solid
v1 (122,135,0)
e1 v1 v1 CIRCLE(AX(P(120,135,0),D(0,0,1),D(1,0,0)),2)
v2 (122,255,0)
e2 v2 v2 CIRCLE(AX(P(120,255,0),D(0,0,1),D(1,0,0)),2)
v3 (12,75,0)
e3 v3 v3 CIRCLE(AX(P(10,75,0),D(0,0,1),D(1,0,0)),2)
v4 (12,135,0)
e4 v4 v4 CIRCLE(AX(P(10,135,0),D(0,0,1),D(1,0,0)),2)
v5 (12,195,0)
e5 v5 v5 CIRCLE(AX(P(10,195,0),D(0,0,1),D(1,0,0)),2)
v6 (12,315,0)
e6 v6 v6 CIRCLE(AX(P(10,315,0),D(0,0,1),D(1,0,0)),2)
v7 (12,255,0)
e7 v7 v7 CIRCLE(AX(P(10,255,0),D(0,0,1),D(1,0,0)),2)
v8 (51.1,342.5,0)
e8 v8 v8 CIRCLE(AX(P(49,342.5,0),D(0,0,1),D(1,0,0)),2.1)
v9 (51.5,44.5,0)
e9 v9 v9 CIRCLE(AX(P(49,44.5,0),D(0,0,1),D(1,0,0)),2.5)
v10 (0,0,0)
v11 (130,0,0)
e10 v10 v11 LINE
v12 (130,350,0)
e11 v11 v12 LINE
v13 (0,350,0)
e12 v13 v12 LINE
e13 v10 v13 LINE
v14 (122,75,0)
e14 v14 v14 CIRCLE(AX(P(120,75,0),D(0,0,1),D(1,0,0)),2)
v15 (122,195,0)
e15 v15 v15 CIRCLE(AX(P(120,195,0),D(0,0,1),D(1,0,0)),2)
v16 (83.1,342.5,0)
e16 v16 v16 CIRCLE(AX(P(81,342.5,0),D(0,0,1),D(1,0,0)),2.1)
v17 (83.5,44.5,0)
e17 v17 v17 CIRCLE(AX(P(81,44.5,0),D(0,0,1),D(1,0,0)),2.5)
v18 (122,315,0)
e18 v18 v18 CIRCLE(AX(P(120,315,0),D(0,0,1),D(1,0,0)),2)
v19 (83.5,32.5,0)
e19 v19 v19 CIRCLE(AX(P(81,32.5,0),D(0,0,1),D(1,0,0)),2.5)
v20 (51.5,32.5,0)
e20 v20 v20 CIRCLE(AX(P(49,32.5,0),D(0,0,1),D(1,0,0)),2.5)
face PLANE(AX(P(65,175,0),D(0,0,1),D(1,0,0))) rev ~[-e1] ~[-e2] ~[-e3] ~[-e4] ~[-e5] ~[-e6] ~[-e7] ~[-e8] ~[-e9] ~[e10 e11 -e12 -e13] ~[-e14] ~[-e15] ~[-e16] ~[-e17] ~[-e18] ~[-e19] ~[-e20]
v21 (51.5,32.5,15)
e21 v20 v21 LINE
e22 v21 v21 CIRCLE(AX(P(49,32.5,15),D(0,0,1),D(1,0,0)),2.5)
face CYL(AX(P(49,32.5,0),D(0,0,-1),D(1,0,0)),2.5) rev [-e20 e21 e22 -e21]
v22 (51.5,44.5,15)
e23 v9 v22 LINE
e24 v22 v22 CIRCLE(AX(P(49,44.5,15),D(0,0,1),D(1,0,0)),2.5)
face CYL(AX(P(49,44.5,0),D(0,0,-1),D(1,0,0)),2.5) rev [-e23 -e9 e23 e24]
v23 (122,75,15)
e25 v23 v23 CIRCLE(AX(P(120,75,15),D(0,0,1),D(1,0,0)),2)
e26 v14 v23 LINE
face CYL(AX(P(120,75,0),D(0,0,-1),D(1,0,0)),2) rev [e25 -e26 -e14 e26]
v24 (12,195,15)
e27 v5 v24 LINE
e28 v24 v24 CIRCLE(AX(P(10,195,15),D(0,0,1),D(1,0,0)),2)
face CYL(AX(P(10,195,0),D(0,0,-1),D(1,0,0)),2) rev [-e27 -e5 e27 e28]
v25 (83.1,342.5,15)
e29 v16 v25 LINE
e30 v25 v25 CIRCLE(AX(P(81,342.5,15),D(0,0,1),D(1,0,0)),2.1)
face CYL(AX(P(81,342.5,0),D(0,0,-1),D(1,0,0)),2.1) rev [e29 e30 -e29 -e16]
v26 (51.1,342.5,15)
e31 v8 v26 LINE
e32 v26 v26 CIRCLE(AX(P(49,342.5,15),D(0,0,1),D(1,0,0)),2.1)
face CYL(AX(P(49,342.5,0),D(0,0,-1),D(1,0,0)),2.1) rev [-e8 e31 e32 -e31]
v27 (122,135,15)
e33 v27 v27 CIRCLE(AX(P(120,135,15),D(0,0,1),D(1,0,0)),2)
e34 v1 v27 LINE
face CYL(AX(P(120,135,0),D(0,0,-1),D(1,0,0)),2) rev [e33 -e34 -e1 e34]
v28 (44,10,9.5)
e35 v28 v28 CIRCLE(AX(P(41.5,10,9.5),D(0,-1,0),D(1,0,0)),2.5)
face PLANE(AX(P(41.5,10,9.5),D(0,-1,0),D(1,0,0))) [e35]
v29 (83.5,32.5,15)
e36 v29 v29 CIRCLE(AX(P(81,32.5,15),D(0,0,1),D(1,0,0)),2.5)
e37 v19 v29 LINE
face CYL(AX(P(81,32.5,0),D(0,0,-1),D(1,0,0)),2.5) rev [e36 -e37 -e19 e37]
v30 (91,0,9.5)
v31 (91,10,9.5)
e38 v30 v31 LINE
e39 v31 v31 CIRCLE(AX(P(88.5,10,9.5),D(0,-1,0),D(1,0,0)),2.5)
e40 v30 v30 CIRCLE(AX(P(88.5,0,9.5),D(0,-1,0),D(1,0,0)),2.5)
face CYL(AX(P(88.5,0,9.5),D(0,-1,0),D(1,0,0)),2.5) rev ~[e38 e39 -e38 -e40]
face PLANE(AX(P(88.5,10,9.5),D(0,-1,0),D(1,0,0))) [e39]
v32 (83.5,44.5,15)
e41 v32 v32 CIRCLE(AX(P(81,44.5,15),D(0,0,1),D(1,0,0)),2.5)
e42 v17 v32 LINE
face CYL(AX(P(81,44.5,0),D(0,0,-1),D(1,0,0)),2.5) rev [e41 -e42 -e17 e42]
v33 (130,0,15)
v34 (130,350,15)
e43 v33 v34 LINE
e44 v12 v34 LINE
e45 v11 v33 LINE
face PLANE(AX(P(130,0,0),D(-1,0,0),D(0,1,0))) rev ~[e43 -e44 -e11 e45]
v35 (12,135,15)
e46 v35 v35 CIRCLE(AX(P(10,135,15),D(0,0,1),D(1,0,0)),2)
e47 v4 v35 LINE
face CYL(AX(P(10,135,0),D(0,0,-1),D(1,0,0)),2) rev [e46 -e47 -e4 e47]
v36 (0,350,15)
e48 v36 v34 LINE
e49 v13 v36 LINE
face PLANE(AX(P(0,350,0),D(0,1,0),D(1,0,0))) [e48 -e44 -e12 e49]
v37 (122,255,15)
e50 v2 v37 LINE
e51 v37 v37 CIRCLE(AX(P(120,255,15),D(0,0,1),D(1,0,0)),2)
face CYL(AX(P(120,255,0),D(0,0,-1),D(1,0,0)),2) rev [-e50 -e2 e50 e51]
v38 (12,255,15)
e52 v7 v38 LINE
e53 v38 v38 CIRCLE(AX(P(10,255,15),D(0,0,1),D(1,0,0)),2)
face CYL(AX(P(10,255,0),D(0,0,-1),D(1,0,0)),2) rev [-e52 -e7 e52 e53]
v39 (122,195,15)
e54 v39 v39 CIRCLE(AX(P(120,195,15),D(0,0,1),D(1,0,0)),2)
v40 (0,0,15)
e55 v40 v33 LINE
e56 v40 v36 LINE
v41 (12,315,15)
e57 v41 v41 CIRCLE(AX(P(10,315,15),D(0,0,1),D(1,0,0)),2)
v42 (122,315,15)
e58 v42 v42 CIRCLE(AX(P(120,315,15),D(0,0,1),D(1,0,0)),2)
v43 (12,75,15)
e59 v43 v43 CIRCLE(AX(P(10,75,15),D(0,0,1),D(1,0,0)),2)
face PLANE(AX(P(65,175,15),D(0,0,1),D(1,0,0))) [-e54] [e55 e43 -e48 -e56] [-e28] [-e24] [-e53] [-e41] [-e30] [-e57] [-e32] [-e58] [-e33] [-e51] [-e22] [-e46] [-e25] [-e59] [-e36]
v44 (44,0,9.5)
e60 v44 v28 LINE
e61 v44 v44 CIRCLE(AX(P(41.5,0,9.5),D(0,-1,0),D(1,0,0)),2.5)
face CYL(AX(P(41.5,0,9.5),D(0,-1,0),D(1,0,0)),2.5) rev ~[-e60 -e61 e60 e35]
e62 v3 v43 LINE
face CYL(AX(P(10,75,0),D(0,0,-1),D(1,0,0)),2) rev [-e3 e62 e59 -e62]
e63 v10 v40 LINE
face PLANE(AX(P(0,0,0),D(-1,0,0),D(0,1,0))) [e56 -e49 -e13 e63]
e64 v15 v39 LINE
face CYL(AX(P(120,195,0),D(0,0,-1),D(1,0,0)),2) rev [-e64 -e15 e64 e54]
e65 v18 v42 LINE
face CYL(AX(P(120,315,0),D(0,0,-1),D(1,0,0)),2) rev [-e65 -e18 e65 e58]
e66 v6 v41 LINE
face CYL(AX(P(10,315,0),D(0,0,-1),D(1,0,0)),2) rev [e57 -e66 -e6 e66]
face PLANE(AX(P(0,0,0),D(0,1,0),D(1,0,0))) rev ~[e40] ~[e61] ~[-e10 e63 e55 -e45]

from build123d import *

# Parameters (mm, degrees)
SKETCH_W     = 130
SKETCH_H     = 350
SKETCH_R     = 2.1
SKETCH_R_2   = 2.5
SKETCH_R_3   = 2
PAD_DEPTH    = 15
SKETCH001_R  = 2.5
POCKET_DEPTH = 10


with BuildPart() as part:
    # Sketch → Pad (new body)
    with BuildSketch(Plane.XY):
        with Locations((65, 175)):
            Rectangle(SKETCH_W, SKETCH_H)
        with Locations((49, 342.5)):
            Circle(SKETCH_R, mode=Mode.SUBTRACT)
        with Locations((81, 342.5)):
            Circle(SKETCH_R, mode=Mode.SUBTRACT)
        with Locations((49, 44.5)):
            Circle(SKETCH_R_2, mode=Mode.SUBTRACT)
        with Locations((81, 44.5)):
            Circle(SKETCH_R_2, mode=Mode.SUBTRACT)
        with Locations((49, 32.5)):
            Circle(SKETCH_R_2, mode=Mode.SUBTRACT)
        with Locations((81, 32.5)):
            Circle(SKETCH_R_2, mode=Mode.SUBTRACT)
        with Locations((10, 75)):
            Circle(SKETCH_R_3, mode=Mode.SUBTRACT)
        with Locations((10, 135)):
            Circle(SKETCH_R_3, mode=Mode.SUBTRACT)
        with Locations((10, 195)):
            Circle(SKETCH_R_3, mode=Mode.SUBTRACT)
        with Locations((10, 255)):
            Circle(SKETCH_R_3, mode=Mode.SUBTRACT)
        with Locations((10, 315)):
            Circle(SKETCH_R_3, mode=Mode.SUBTRACT)
        with Locations((120, 75)):
            Circle(SKETCH_R_3, mode=Mode.SUBTRACT)
        with Locations((120, 135)):
            Circle(SKETCH_R_3, mode=Mode.SUBTRACT)
        with Locations((120, 195)):
            Circle(SKETCH_R_3, mode=Mode.SUBTRACT)
        with Locations((120, 255)):
            Circle(SKETCH_R_3, mode=Mode.SUBTRACT)
        with Locations((120, 315)):
            Circle(SKETCH_R_3, mode=Mode.SUBTRACT)
    extrude(amount=PAD_DEPTH)

    # Sketch001 (on Face1 of Pad) → Pocket (cut)
    with BuildSketch(Plane.XZ):
        with Locations((41.5, 9.5)):
            Circle(SKETCH001_R)
        with Locations((88.5, 9.5)):
            Circle(SKETCH001_R)
    extrude(amount=-POCKET_DEPTH, mode=Mode.SUBTRACT)


solid = part.part
